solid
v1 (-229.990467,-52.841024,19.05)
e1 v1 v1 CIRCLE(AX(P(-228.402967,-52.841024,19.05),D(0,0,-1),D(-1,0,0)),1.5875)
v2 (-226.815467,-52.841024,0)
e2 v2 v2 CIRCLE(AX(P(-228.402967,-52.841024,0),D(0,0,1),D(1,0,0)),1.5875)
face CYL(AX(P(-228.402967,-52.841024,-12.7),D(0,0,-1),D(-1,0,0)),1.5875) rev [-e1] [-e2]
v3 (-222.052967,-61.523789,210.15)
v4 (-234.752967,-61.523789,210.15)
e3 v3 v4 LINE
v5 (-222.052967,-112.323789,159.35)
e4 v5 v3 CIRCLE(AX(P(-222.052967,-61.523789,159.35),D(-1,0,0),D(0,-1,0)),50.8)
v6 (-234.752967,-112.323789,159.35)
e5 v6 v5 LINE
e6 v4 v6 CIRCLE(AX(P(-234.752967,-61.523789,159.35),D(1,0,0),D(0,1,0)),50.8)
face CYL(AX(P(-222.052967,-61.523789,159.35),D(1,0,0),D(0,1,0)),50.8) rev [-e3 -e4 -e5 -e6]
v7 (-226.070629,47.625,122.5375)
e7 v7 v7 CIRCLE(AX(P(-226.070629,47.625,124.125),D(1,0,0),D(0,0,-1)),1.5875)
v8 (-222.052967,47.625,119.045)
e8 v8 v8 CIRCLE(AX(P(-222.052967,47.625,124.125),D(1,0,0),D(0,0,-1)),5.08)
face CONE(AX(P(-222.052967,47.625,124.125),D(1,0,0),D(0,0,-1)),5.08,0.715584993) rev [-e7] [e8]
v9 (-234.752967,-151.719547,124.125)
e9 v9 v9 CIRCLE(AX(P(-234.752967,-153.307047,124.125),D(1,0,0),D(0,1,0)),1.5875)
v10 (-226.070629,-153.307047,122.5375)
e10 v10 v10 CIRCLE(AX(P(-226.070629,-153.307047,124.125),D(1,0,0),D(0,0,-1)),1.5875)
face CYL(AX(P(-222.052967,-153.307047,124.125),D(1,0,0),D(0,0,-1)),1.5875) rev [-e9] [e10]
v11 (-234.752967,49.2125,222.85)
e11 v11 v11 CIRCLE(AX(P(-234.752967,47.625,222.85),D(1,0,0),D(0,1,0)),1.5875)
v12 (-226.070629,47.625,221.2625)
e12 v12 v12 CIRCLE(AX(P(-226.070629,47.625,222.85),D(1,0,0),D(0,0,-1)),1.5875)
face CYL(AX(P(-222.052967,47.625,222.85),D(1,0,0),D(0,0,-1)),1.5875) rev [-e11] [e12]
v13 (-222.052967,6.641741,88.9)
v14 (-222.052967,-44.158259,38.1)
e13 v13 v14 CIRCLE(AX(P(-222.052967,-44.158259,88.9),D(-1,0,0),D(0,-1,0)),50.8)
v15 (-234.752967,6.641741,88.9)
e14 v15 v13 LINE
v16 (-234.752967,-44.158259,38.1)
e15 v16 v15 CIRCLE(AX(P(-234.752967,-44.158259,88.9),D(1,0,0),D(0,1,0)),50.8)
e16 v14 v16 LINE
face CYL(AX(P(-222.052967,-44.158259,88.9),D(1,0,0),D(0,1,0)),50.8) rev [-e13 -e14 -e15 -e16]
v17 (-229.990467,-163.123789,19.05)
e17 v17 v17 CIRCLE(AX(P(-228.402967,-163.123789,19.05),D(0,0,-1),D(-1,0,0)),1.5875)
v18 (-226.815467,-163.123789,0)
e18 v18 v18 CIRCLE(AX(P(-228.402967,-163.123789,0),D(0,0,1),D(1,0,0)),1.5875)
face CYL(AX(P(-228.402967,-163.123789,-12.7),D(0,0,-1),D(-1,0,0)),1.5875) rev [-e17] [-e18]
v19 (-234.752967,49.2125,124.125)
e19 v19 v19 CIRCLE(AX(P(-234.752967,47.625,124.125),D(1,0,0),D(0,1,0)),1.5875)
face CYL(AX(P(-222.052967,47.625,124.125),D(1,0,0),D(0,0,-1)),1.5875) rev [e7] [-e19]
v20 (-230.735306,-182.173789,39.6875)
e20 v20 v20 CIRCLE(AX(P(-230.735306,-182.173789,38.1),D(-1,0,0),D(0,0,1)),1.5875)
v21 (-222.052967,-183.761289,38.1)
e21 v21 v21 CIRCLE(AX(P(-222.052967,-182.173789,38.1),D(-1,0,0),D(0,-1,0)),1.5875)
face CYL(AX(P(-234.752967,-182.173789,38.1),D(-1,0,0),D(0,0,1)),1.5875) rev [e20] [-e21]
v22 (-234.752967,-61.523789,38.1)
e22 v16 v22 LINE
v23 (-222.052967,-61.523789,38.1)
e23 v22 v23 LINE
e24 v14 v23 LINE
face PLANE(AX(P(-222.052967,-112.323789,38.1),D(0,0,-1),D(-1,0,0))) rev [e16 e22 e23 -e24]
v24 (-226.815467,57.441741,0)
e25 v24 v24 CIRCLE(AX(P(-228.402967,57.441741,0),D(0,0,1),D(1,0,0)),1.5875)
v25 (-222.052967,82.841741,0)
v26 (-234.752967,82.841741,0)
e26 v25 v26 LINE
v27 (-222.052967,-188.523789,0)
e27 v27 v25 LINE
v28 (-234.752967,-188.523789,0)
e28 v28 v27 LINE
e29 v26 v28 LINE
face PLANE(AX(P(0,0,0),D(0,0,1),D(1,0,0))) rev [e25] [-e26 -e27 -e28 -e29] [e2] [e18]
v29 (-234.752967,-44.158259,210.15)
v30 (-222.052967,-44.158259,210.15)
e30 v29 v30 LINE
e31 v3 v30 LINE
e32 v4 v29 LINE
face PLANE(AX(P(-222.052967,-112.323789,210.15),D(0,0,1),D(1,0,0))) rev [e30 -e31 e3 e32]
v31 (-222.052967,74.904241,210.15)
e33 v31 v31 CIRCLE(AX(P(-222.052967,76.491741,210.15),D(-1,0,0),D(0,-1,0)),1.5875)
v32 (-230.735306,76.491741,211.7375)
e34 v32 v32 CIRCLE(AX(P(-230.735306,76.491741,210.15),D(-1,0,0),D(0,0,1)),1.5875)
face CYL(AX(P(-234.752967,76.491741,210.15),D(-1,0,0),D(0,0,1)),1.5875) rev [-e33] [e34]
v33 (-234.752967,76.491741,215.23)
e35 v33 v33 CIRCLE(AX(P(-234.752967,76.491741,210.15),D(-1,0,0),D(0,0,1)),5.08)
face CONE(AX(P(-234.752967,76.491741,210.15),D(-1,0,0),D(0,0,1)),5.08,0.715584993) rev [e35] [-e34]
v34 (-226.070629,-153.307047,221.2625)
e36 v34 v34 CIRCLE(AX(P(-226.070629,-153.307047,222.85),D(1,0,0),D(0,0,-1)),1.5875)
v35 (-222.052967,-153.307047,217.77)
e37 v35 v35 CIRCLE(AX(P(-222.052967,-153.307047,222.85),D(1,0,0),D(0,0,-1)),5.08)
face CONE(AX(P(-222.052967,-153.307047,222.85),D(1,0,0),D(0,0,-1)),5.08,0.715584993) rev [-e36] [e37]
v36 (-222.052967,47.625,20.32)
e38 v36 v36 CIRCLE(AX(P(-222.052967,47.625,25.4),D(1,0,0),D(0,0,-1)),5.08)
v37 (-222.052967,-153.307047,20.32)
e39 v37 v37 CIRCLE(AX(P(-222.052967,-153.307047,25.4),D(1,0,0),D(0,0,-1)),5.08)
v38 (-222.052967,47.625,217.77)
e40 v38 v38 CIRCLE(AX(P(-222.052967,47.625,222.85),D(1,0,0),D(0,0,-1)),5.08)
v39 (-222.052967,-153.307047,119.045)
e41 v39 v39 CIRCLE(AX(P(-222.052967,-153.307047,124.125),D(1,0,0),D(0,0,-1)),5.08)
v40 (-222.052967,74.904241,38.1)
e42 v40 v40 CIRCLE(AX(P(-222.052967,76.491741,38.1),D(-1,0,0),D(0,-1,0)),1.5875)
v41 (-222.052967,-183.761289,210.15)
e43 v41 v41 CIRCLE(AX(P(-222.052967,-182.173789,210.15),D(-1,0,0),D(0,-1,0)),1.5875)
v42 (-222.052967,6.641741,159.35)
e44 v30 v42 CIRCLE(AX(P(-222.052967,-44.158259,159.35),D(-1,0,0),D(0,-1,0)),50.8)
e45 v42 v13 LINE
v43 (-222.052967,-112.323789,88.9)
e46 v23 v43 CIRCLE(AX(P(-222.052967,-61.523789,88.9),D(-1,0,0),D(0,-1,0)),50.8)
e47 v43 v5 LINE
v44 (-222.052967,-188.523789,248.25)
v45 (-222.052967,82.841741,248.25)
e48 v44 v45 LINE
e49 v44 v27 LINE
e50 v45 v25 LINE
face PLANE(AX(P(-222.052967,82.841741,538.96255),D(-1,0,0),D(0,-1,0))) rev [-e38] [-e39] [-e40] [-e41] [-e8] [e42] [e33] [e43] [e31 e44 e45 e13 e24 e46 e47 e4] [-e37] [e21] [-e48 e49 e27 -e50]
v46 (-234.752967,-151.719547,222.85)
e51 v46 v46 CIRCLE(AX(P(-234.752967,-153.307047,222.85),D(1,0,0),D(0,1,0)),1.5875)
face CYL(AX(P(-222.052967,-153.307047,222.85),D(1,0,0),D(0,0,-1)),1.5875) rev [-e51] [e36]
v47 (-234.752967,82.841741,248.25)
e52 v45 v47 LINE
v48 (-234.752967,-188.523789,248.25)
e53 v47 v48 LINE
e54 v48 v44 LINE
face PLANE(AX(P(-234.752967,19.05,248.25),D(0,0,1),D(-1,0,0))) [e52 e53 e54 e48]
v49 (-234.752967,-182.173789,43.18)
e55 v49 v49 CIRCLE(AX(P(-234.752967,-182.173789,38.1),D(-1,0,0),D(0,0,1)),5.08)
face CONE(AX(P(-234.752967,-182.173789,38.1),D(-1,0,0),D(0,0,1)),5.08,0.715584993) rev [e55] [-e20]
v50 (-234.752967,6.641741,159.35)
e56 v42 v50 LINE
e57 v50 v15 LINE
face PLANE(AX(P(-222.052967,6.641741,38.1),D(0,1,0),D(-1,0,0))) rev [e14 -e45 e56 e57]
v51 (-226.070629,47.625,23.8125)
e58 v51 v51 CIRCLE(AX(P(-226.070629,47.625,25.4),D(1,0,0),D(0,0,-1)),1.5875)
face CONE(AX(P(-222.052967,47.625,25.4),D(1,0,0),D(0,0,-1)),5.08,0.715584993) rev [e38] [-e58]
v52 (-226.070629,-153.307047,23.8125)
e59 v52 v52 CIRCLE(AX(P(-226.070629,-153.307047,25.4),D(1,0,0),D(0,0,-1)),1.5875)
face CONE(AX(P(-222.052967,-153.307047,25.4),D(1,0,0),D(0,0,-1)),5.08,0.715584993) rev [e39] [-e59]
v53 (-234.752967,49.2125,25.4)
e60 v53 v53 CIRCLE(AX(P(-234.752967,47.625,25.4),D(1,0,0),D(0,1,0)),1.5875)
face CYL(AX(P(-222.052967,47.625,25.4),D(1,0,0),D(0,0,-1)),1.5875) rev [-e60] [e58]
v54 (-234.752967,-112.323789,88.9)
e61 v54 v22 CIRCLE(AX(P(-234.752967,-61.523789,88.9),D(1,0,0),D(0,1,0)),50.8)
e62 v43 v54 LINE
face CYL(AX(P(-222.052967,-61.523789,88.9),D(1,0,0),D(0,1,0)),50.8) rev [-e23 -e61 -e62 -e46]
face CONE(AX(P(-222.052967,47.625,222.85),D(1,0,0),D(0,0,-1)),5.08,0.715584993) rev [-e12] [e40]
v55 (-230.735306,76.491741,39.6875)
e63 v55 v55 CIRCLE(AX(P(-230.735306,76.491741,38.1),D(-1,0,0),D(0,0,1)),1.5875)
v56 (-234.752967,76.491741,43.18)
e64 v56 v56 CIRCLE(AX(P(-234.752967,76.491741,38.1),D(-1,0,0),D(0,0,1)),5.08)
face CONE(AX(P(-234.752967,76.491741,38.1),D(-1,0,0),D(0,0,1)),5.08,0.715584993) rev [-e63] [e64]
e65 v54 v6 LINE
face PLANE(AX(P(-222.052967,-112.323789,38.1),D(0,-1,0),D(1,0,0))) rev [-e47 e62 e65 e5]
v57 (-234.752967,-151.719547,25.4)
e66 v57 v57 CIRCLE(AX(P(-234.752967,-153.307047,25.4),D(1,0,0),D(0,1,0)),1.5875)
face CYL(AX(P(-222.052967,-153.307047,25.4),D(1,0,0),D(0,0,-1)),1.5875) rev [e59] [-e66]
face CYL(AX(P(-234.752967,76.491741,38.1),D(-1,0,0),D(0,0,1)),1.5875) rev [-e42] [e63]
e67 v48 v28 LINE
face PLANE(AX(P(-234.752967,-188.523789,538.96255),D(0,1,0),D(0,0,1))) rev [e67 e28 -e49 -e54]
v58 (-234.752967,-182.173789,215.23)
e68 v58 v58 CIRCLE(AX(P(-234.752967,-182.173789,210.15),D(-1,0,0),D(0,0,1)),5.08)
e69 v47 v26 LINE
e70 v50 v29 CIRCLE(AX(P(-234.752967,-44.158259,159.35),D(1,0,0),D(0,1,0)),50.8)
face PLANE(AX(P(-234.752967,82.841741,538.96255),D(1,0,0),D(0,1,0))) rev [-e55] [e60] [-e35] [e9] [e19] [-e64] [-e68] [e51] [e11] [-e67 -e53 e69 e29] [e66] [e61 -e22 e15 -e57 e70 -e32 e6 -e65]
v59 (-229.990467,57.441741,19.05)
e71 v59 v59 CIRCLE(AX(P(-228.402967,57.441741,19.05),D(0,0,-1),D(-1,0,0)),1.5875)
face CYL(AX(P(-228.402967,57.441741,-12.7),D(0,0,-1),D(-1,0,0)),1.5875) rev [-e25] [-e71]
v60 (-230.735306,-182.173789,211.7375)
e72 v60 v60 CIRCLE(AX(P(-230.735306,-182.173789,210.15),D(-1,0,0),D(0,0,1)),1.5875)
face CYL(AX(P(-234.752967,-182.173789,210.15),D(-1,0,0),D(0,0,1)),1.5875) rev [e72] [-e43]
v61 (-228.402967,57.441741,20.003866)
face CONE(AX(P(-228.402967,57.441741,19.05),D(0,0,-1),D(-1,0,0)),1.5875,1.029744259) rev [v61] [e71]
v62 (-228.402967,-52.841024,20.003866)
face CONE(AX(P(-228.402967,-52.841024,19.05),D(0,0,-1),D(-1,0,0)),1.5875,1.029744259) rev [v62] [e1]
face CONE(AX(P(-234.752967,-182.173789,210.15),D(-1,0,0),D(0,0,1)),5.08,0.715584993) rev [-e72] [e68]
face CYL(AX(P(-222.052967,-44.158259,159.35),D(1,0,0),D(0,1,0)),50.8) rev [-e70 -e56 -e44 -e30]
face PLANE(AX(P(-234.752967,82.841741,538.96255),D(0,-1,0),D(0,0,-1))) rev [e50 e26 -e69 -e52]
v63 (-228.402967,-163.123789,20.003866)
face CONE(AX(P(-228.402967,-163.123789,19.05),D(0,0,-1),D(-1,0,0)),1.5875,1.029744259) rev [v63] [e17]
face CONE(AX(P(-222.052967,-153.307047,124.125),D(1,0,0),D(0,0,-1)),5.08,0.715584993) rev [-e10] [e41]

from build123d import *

# Parameters (mm, degrees)
SKETCH1_W           = 12.7
SKETCH1_H           = 271.365530146
BOSS_EXTRUDE1_DEPTH = 248.25
SKETCH2_W           = 172.05
SKETCH2_H           = 118.965530146
CUT_EXTRUDE1_DEPTH  = 13.7
FILLET1_R           = 50.8
HOLE1_D             = 3.175
HOLE1_DEPTH         = 31.75
HOLE1_CSINK_D       = 10.16
HOLE1_CSINK_ANGLE   = 82
HOLE1_TIP           = 0.953866233
HOLE2_D             = 3.175
HOLE2_DEPTH         = 31.75
HOLE2_CSINK_D       = 10.16
HOLE2_CSINK_ANGLE   = 82
HOLE2_TIP           = 0.953866233
HOLE3_D             = 3.175
HOLE3_DEPTH         = 31.75
HOLE3_CSINK_D       = 10.16
HOLE3_CSINK_ANGLE   = 82
HOLE3_TIP           = 0.953866233


with BuildPart() as part:
    # Sketch1 → Boss-Extrude1 (new body)
    with BuildSketch(Plane.XY):
        with Locations((-228.402967181, -52.841023691)):
            Rectangle(SKETCH1_W, SKETCH1_H)
    extrude(amount=BOSS_EXTRUDE1_DEPTH)

    # Sketch2 → Cut-Extrude1 (cut, through all)
    with BuildSketch(Plane.ZY.offset(234.752967181)):
        with Locations((124.125, -52.841023691)):
            Rectangle(SKETCH2_W, SKETCH2_H)
    extrude(amount=-CUT_EXTRUDE1_DEPTH, mode=Mode.SUBTRACT)

    # Fillet1
    fillet1_edges = [part.edges().sort_by_distance(p)[0] for p in [
        (-228.402967181, 6.641741382, 210.15),
        (-228.402967181, -112.323788764, 210.15),
        (-228.402967181, -112.323788764, 38.1),
        (-228.402967181, 6.641741382, 38.1),
    ]]
    fillet(fillet1_edges, radius=FILLET1_R)

    # Hole1
    with Locations(Plane(origin=(181.039434513, -52.974999997, -12.7), x_dir=(0, -1, 0), z_dir=(0, 0, -1))):
        with Locations((129.198788767, 384.042401694), (-129.466741379, 384.042401694), (-129.466741379, 304.786761906), (-110.416741379, 409.442401694), (-0.133976306, 409.442401694), (110.148788767, 409.442401694), (129.198788767, 304.786761906)):
            CounterSinkHole(HOLE1_D / 2, HOLE1_CSINK_D / 2, depth=HOLE1_DEPTH, counter_sink_angle=HOLE1_CSINK_ANGLE)
            with Locations((0, 0, -(HOLE1_DEPTH + HOLE1_TIP / 2))):  # 118° drill point
                Cone(0, HOLE1_D / 2, HOLE1_TIP, mode=Mode.SUBTRACT)

    # Hole2
    with Locations(Plane(origin=(-234.752967181, -52.974999997, -1090.512770337), x_dir=(0, -1, 0), z_dir=(-1, 0, 0))):
        with Locations((-129.466741379, 1300.662770337), (-129.466741379, 1128.612770337), (129.198788767, 1128.612770337), (129.198788767, 1300.662770337)):
            CounterSinkHole(HOLE2_D / 2, HOLE2_CSINK_D / 2, depth=HOLE2_DEPTH, counter_sink_angle=HOLE2_CSINK_ANGLE)
            with Locations((0, 0, -(HOLE2_DEPTH + HOLE2_TIP / 2))):  # 118° drill point
                Cone(0, HOLE2_D / 2, HOLE2_TIP, mode=Mode.SUBTRACT)

    # Hole3
    with Locations(Plane(origin=(-222.052967181, -52.974999997, -1090.512770337), x_dir=(0, 1, 0), z_dir=(1, 0, 0))):
        with Locations((-100.332047386, 1313.362770337), (100.599999997, 1313.362770337), (100.599999997, 1115.912770337), (100.599999997, 1214.637770337), (-100.332047386, 1214.637770337), (-100.332047386, 1115.912770337)):
            CounterSinkHole(HOLE3_D / 2, HOLE3_CSINK_D / 2, depth=HOLE3_DEPTH, counter_sink_angle=HOLE3_CSINK_ANGLE)
            with Locations((0, 0, -(HOLE3_DEPTH + HOLE3_TIP / 2))):  # 118° drill point
                Cone(0, HOLE3_D / 2, HOLE3_TIP, mode=Mode.SUBTRACT)


solid = part.part
